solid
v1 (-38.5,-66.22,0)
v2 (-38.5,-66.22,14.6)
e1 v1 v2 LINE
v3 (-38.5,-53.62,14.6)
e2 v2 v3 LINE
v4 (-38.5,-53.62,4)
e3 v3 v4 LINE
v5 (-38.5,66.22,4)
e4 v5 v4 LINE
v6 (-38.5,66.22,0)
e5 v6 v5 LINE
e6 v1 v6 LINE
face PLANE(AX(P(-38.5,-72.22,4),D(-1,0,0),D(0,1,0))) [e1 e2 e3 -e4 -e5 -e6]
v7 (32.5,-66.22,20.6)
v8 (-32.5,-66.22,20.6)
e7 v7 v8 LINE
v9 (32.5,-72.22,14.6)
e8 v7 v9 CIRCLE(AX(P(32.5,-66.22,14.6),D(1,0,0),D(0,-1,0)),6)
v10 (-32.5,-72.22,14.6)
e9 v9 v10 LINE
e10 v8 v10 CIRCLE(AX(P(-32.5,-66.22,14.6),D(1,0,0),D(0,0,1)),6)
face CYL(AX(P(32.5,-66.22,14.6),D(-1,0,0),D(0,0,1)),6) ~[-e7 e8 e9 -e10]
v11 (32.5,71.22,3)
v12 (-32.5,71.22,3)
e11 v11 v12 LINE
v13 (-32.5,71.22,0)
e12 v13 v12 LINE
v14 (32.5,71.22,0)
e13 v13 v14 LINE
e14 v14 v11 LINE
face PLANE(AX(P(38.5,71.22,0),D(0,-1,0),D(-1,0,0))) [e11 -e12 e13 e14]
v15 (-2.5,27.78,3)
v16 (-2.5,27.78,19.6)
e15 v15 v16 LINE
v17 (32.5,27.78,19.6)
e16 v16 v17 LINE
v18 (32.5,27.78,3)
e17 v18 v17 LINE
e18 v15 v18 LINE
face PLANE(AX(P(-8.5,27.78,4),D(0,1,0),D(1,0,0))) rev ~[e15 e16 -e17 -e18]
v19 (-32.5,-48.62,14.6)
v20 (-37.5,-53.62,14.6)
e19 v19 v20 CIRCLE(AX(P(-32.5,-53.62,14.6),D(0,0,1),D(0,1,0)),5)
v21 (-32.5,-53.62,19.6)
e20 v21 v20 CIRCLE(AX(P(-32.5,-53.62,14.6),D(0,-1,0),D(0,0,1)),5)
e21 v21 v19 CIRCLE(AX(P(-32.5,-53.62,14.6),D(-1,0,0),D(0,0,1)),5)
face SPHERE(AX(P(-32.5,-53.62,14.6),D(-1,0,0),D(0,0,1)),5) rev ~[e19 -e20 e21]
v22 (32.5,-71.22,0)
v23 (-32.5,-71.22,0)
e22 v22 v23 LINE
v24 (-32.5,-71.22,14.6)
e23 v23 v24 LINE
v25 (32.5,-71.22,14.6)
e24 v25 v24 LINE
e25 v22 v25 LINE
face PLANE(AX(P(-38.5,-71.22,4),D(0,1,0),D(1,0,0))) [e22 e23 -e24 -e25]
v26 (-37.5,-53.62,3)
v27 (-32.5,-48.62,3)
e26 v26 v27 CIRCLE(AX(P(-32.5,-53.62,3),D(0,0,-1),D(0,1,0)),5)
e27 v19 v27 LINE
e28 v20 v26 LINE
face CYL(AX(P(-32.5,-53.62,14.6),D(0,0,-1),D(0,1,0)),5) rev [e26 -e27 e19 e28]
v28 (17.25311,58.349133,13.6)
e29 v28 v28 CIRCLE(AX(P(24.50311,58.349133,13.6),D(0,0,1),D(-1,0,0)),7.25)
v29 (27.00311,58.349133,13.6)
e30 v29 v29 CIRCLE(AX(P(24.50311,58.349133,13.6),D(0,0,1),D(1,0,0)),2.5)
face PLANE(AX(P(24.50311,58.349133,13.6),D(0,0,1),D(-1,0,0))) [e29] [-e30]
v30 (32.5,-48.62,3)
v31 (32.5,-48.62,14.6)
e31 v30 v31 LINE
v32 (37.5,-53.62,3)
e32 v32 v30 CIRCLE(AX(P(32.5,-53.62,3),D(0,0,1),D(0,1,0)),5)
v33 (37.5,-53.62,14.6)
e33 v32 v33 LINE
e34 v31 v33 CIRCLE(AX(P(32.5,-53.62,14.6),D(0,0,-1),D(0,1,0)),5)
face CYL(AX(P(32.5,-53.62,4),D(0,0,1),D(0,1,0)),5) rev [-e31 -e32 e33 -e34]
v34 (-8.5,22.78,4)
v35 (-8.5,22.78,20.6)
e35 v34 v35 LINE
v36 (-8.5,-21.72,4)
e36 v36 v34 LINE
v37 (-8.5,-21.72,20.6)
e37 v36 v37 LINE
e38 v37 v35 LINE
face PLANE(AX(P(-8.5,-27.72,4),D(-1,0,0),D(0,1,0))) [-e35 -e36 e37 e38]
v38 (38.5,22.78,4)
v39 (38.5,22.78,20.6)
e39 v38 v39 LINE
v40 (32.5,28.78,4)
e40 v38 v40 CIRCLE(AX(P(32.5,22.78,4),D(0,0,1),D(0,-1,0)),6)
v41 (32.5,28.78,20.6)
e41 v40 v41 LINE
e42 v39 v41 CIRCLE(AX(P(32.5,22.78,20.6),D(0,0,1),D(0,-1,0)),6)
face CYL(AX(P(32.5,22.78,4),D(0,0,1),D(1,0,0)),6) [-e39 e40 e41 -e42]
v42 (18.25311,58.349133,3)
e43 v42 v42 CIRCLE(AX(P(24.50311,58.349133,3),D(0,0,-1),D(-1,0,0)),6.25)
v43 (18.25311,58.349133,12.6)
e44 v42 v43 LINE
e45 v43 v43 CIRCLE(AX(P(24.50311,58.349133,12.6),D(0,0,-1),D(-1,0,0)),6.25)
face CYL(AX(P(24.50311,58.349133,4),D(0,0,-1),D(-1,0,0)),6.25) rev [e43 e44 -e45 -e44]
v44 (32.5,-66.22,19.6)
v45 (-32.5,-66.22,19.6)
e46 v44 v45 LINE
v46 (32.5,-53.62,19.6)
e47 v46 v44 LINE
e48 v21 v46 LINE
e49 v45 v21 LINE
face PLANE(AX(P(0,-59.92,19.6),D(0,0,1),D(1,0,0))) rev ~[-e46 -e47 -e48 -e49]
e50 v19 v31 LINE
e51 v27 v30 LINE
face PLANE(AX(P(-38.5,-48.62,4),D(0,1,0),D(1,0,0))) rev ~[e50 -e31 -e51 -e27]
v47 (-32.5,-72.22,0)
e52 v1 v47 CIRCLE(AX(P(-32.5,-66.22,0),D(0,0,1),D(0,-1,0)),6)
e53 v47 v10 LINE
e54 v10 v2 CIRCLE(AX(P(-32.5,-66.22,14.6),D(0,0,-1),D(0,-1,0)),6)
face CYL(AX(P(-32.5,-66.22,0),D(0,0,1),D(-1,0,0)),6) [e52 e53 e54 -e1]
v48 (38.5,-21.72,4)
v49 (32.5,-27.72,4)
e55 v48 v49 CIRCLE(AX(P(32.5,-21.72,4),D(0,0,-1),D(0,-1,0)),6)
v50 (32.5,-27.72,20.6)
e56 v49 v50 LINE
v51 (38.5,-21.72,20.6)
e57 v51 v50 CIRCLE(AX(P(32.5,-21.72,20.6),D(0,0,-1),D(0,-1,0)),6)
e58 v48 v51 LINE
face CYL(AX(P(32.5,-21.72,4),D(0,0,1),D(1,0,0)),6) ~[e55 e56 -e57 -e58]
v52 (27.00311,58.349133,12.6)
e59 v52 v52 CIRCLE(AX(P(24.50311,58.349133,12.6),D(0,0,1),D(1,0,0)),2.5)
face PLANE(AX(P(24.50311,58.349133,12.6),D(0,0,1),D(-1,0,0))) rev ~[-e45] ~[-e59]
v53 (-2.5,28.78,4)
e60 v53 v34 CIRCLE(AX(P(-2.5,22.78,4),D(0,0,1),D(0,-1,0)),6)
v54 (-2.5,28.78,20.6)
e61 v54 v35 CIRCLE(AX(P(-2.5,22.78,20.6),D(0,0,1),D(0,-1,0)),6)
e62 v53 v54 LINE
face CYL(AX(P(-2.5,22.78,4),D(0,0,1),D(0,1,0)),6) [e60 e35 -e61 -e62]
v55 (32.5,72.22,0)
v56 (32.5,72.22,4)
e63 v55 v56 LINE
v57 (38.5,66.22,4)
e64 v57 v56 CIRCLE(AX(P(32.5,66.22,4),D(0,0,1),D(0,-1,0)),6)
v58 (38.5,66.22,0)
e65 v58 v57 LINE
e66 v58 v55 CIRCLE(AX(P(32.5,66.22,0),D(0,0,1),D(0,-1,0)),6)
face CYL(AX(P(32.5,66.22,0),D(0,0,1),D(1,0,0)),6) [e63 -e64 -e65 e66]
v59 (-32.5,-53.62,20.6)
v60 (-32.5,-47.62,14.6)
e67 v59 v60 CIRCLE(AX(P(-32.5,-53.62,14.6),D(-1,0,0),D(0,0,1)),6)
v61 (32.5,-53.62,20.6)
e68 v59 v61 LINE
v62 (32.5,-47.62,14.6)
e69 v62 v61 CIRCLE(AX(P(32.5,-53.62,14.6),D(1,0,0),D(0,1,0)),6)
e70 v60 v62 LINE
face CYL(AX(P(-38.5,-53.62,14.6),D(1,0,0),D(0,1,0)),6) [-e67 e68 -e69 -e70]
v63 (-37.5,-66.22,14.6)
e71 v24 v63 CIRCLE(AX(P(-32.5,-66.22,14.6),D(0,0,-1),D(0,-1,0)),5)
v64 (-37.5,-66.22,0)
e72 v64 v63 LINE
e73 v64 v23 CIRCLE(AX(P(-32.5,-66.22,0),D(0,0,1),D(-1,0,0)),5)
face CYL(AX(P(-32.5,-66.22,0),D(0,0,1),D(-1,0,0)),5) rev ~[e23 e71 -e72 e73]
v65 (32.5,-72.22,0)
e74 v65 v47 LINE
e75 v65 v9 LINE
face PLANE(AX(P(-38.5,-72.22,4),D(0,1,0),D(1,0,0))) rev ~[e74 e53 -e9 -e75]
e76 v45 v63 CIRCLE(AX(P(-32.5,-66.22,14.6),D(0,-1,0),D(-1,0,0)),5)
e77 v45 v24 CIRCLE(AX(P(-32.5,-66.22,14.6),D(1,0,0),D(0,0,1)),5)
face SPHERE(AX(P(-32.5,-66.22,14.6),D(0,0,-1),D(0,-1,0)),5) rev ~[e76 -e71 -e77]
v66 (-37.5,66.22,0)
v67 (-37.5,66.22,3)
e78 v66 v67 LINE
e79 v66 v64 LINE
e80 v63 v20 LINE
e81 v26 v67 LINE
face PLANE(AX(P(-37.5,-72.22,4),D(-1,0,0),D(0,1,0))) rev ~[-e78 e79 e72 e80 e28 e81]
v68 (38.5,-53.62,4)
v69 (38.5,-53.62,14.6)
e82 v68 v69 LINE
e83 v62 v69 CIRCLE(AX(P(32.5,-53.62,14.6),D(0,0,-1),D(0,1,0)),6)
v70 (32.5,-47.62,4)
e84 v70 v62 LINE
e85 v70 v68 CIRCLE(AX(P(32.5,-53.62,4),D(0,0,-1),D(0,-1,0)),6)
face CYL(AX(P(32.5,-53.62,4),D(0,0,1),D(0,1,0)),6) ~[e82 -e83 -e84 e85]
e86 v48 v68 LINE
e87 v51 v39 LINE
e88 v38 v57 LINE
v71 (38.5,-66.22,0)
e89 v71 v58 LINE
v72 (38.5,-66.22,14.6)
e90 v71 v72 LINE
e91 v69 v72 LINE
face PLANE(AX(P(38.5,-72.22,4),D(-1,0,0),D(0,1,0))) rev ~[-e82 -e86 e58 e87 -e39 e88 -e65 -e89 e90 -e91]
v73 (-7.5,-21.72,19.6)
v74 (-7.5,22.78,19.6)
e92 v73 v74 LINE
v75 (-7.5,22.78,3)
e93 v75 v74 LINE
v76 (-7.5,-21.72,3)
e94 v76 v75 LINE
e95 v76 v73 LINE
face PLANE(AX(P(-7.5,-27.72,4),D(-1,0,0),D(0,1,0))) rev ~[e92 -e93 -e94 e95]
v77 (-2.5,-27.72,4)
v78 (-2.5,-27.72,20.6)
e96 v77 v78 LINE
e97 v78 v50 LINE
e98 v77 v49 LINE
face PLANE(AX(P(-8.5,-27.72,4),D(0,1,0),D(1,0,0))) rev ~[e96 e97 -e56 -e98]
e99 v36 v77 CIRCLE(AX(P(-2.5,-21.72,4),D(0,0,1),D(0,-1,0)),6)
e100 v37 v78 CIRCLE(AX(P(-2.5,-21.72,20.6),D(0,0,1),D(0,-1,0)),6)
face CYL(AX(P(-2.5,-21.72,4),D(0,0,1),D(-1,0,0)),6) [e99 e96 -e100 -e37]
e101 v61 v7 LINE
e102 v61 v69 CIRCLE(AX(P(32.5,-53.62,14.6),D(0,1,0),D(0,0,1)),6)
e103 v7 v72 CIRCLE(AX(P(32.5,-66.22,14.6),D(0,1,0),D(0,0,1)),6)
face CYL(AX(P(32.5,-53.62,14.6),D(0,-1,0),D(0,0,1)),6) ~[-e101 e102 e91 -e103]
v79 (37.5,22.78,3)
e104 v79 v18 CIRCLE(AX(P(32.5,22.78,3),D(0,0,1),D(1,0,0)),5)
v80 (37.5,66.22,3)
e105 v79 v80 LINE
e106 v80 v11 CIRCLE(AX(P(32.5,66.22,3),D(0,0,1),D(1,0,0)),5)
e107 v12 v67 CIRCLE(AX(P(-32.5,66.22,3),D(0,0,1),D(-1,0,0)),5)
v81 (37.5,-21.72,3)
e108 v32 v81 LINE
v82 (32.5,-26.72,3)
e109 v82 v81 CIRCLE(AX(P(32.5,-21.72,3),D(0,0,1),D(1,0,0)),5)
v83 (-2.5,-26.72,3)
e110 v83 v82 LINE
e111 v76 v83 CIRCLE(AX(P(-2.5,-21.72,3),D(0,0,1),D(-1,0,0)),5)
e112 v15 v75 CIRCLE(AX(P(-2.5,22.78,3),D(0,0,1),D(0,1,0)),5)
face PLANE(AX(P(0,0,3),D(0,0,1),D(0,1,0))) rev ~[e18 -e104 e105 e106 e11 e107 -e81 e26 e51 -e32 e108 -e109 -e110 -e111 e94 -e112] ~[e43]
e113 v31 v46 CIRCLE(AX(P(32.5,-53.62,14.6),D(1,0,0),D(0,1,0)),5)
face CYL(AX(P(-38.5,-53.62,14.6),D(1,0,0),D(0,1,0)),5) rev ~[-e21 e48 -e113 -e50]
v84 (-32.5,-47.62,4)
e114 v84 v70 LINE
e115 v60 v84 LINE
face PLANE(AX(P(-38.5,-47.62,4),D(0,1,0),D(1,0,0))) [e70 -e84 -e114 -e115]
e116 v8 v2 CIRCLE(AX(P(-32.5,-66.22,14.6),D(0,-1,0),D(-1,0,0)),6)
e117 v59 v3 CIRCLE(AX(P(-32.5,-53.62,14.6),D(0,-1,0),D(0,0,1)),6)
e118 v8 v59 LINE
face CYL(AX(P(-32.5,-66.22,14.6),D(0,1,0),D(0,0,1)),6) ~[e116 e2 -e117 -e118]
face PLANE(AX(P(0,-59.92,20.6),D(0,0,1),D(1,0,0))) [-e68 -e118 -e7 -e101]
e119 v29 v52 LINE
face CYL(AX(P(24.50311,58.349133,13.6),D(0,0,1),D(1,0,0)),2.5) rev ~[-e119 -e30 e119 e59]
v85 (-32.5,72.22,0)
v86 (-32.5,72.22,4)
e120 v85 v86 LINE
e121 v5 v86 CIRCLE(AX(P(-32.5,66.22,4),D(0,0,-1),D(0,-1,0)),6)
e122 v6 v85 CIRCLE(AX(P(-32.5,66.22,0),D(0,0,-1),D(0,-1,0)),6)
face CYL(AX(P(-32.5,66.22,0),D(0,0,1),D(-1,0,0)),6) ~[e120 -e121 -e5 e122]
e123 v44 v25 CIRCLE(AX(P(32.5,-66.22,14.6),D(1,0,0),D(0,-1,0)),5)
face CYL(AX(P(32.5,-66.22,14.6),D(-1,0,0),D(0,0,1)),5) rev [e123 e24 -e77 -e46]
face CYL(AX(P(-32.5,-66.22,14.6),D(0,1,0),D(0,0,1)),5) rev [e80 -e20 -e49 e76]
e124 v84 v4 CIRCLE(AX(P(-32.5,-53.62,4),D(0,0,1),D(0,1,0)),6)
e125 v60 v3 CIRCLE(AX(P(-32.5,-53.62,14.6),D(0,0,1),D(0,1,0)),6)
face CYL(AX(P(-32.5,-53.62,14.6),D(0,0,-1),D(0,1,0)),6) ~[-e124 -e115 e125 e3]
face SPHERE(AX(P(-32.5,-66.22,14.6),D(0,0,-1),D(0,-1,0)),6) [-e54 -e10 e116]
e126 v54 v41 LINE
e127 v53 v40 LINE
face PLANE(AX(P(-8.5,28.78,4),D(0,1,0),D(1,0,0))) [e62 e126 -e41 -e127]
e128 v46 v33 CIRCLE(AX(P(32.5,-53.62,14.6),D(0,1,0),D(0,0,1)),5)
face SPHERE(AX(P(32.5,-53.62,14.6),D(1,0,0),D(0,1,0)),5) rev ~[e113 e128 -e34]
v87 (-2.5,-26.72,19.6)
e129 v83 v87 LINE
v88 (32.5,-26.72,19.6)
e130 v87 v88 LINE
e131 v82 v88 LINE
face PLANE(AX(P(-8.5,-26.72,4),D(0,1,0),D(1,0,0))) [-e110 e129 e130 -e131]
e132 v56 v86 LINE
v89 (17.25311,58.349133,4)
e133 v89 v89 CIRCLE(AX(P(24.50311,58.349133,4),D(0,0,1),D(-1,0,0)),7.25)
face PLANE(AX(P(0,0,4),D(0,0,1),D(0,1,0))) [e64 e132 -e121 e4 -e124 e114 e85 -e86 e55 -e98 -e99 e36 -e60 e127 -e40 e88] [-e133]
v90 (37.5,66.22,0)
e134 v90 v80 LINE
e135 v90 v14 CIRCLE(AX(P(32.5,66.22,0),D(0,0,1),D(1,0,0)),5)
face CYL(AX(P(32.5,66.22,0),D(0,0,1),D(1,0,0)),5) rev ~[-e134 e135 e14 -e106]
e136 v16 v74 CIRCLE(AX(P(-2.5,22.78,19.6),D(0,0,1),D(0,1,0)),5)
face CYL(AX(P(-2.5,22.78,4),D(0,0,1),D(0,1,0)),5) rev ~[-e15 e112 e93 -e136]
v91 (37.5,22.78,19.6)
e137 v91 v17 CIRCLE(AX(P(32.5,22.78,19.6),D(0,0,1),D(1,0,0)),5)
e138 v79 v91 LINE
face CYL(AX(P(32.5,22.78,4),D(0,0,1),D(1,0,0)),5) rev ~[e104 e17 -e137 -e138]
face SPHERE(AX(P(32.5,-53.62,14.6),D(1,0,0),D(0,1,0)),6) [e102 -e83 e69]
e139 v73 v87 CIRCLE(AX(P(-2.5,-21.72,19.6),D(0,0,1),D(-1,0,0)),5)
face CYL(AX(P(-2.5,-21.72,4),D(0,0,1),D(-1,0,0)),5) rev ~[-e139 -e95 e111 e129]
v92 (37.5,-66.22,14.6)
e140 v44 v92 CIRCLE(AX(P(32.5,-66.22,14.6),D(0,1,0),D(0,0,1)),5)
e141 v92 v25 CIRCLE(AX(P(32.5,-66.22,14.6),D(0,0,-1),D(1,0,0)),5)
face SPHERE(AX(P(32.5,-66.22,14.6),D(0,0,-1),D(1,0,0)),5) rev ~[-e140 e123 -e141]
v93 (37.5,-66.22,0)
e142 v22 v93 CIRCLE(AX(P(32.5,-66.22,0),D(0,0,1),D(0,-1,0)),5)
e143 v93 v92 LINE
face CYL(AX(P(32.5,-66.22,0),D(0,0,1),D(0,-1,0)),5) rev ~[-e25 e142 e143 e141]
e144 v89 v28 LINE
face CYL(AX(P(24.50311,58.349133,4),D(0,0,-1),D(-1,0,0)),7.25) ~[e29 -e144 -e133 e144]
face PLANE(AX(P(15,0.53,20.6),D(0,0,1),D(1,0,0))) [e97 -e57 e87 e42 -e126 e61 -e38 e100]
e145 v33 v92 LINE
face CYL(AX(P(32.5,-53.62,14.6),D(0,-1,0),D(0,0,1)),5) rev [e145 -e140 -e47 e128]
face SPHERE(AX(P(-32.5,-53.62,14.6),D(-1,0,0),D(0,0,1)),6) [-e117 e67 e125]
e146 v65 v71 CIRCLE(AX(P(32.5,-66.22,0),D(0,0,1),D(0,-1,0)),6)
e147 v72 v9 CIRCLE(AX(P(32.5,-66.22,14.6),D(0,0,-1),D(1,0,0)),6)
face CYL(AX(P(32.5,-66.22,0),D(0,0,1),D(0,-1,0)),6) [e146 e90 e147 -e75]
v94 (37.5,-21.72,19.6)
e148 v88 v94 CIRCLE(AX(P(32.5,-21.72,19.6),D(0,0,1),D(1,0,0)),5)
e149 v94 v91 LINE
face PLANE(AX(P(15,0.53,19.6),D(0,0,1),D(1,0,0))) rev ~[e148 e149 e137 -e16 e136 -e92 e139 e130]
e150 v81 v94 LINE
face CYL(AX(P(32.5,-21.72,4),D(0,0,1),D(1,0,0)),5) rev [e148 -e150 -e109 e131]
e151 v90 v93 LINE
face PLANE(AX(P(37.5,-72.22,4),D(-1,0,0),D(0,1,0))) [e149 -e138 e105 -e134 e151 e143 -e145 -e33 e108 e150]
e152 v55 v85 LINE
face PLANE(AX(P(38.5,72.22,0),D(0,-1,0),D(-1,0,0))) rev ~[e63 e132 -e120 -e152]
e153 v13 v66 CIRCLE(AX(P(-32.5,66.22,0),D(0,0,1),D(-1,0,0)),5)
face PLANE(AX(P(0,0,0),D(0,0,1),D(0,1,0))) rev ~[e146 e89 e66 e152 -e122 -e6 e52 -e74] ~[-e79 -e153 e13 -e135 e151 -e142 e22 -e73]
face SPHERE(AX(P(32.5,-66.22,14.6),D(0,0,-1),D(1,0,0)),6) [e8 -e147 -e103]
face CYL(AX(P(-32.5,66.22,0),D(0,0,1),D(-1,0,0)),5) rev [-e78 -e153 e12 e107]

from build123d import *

# Parameters (mm, degrees)
SKIZZE2_W                       = 144.44
SKIZZE2_H                       = 77
AUFSATZ_LINEAR_AUSTRAGEN1_DEPTH = 4
SKIZZE4_W                       = 77
SKIZZE4_H                       = 24.6
AUFSATZ_LINEAR_AUSTRAGEN2_DEPTH = 16.6
VERRUNDUNG2_R                   = 6
SKIZZE5_W                       = 47
SKIZZE5_H                       = 56.5
AUFSATZ_LINEAR_AUSTRAGEN3_DEPTH = 16.6
VERRUNDUNG4_R                   = 6
SKIZZE7_R                       = 7.25
AUFSATZ_LINEAR_AUSTRAGEN5_DEPTH = 9.6
VERRUNDUNG5_R                   = 6
VERRUNDUNG7_R                   = 6
WANDUNG2_T                      = -1
SKIZZE8_R                       = 2.5
SCHNITT_LINEAR_AUSTRAGEN1_DEPTH = 83.963476301


with BuildPart() as part:
    # Skizze2 → Aufsatz-Linear austragen1 (new body)
    with BuildSketch(Plane(origin=(0, 0, 0), x_dir=(0, 1, 0), z_dir=(0, 0, 1))):
        Rectangle(SKIZZE2_W, SKIZZE2_H)
    extrude(amount=AUFSATZ_LINEAR_AUSTRAGEN1_DEPTH)

    # Skizze4 → Aufsatz-Linear austragen2 (add)
    with BuildSketch(Plane.XY.offset(4)):
        with Locations((0, -59.92)):
            Rectangle(SKIZZE4_W, SKIZZE4_H)
    extrude(amount=AUFSATZ_LINEAR_AUSTRAGEN2_DEPTH)

    # Verrundung2
    verrundung2_edges = [part.edges().sort_by_distance(p)[0] for p in [
        (38.5, 72.22, 2),
        (38.5, -72.22, 10.3),
        (-38.5, -72.22, 10.3),
        (-38.5, 72.22, 2),
    ]]
    fillet(verrundung2_edges, radius=VERRUNDUNG2_R)

    # Skizze5 → Aufsatz-Linear austragen3 (add)
    with BuildSketch(Plane.XY.offset(4)):
        with Locations((15, 0.53)):
            Rectangle(SKIZZE5_W, SKIZZE5_H)
    extrude(amount=AUFSATZ_LINEAR_AUSTRAGEN3_DEPTH)

    # Verrundung4
    verrundung4_edges = [part.edges().sort_by_distance(p)[0] for p in [
        (38.5, -27.72, 12.3),
        (38.5, 28.78, 12.3),
        (-8.5, 28.78, 12.3),
        (-8.5, -27.72, 12.3),
    ]]
    fillet(verrundung4_edges, radius=VERRUNDUNG4_R)

    # Skizze7 → Aufsatz-Linear austragen5 (add)
    with BuildSketch(Plane.XY.offset(4)):
        with Locations(Location((24.503110224, 58.349132978, 0), (0, 0, 180))):
            Circle(SKIZZE7_R)
    extrude(amount=AUFSATZ_LINEAR_AUSTRAGEN5_DEPTH)

    # Verrundung5
    verrundung5_edges = [part.edges().sort_by_distance(p)[0] for p in [
        (0, -47.62, 20.6),
    ]]
    fillet(verrundung5_edges, radius=VERRUNDUNG5_R)

    # Verrundung7
    verrundung7_edges = [part.edges().sort_by_distance(p)[0] for p in [
        (-38.5, -59.92, 20.6),
        (-38.5, -47.62, 9.3),
        (-38.5, -49.377359313, 18.842640687),
        (38.5, -47.62, 9.3),
        (38.5, -49.377359313, 18.842640687),
        (38.5, -59.92, 20.6),
        (0, -72.22, 20.6),
        (-36.742640687, -70.462640687, 20.6),
        (36.742640687, -70.462640687, 20.6),
    ]]
    fillet(verrundung7_edges, radius=VERRUNDUNG7_R)

    # Wandung2
    wandung2_openings = [part.faces().sort_by_distance(p)[0] for p in [
        (0, 0, 0),
    ]]
    offset(amount=WANDUNG2_T, openings=wandung2_openings, kind=Kind.INTERSECTION)

    # Skizze8 → Schnitt-Linear austragen1 (cut, through all)
    with BuildSketch(Plane.XY.offset(13.6)):
        with Locations((24.503110224, 58.349132978)):
            Circle(SKIZZE8_R)
    extrude(amount=-SCHNITT_LINEAR_AUSTRAGEN1_DEPTH, mode=Mode.SUBTRACT)


solid = part.part
